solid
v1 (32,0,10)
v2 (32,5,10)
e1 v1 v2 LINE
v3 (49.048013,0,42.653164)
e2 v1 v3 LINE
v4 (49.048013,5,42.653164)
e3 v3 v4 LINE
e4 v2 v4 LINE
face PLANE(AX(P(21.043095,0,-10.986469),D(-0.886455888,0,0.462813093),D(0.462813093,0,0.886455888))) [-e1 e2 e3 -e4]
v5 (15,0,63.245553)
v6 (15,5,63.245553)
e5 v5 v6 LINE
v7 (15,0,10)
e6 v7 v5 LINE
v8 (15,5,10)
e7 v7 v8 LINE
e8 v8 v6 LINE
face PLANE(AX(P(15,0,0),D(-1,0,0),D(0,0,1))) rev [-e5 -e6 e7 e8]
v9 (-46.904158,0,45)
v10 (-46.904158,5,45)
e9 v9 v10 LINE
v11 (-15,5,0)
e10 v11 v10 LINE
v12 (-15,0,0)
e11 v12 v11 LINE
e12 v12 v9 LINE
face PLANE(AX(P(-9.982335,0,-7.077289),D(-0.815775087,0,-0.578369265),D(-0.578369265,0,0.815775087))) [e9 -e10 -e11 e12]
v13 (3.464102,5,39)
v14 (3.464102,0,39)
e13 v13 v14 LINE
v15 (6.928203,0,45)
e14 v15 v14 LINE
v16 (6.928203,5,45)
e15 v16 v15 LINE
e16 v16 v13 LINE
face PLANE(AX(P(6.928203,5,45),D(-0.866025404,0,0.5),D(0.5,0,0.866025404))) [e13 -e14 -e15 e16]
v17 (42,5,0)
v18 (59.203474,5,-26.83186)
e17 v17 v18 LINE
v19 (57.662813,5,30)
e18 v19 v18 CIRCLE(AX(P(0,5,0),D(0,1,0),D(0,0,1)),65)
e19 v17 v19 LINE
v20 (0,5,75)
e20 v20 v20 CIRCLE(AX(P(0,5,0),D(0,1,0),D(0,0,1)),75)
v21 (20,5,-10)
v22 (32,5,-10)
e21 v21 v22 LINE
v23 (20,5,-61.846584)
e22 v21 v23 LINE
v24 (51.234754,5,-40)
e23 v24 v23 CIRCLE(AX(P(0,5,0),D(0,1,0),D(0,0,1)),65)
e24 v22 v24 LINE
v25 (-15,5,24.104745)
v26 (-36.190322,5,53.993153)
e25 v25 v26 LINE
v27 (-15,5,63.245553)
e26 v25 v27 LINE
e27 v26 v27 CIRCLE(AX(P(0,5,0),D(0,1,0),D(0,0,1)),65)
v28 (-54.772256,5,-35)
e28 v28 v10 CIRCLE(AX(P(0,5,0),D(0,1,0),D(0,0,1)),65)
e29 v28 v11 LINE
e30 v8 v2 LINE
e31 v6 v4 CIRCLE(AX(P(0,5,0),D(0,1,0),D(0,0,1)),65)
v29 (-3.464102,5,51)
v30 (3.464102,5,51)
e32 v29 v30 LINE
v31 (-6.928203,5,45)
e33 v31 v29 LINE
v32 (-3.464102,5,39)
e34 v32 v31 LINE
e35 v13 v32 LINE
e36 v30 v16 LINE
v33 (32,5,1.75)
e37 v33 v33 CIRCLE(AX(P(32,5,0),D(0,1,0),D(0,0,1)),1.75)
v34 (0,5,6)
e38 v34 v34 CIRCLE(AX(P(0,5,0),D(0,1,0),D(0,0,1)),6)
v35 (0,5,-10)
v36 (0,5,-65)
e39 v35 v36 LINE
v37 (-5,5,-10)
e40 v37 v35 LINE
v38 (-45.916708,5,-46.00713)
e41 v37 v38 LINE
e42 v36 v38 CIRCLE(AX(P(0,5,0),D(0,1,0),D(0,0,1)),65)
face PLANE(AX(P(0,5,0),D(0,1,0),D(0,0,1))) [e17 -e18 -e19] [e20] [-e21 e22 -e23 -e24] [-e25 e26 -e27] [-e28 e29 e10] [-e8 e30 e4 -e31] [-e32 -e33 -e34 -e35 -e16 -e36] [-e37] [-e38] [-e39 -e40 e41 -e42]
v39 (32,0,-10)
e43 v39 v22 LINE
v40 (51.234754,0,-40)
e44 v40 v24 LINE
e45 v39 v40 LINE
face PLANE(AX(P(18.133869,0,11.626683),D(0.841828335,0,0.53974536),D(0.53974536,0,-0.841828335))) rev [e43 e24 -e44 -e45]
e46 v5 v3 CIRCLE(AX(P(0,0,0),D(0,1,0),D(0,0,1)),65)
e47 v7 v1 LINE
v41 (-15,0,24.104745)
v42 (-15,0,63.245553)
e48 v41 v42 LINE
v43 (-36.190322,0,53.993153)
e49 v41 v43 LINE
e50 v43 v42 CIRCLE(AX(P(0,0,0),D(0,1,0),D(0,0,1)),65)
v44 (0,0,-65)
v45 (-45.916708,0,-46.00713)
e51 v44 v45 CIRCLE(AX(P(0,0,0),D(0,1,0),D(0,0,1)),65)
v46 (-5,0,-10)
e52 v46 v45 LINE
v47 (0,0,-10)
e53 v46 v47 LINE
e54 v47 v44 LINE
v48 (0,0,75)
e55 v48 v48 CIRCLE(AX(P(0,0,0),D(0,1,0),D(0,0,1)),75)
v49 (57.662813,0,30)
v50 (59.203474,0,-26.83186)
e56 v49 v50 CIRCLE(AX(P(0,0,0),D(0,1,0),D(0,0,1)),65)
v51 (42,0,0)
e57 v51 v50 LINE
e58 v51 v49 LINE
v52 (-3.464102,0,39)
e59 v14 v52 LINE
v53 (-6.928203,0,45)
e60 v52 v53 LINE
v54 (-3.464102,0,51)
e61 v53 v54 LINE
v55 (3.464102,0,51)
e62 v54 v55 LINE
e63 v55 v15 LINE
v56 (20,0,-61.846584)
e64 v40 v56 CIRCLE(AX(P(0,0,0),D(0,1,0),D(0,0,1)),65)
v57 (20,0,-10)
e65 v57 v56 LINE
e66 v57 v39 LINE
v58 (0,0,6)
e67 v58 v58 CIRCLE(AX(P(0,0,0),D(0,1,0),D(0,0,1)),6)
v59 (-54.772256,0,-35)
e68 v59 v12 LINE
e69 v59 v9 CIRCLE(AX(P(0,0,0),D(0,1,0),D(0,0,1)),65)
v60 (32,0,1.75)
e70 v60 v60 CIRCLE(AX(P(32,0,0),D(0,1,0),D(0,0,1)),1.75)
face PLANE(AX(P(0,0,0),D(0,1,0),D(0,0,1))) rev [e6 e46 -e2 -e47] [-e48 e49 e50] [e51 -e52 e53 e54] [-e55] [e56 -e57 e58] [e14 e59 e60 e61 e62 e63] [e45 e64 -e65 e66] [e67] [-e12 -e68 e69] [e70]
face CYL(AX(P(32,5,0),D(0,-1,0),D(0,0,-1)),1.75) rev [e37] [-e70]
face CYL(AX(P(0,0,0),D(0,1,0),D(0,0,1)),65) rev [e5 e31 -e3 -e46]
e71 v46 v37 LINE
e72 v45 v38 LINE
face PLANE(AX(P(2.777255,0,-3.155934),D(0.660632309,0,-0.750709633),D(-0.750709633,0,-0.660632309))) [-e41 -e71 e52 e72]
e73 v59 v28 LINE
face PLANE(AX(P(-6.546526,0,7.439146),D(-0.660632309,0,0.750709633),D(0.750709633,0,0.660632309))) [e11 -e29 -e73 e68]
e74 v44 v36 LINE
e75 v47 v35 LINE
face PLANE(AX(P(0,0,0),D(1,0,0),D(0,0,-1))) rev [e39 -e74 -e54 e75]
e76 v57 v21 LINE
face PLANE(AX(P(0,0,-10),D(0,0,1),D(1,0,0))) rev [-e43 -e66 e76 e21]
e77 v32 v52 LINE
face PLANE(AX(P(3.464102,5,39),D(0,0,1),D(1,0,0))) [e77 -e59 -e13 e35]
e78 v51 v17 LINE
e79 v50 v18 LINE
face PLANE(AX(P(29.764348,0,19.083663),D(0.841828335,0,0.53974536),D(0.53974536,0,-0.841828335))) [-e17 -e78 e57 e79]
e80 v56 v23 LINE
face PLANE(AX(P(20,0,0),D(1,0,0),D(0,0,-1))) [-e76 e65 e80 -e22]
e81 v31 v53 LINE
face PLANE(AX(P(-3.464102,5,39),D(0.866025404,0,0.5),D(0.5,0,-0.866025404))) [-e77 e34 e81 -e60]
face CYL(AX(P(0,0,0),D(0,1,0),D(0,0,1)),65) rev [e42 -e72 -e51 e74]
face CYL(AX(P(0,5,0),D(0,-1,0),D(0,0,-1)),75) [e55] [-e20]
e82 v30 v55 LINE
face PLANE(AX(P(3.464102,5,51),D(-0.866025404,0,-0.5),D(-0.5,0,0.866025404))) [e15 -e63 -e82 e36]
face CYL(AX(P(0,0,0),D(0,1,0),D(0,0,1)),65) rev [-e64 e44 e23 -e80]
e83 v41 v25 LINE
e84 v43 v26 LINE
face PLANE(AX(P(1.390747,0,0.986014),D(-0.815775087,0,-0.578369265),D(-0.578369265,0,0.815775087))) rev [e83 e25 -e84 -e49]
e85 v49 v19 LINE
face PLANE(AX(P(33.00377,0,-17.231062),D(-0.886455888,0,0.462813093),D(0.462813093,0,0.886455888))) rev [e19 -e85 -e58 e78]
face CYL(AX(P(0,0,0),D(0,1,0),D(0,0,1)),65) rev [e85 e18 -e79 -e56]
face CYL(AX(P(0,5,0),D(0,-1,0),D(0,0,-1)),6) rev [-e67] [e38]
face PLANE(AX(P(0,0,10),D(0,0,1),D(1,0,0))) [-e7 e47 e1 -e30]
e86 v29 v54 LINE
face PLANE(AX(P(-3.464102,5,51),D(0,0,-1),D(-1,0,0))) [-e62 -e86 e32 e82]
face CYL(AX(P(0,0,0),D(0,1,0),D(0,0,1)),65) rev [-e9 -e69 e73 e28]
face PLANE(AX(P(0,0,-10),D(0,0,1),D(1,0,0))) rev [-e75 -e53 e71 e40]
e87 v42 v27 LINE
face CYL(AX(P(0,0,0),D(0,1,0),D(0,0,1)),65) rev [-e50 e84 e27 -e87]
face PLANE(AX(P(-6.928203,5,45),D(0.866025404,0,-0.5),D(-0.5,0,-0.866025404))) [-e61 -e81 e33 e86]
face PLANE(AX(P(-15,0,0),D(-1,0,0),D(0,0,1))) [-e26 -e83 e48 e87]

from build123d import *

# Parameters (mm, degrees)
SKETCH1_R           = 75
SKETCH1_R_2         = 1.75
SKETCH1_R_3         = 6
BOSS_EXTRUDE1_DEPTH = 5
CUT_EXTRUDE1_DEPTH  = 107.183802908


with BuildPart() as part:
    # Sketch1 → Boss-Extrude1 (new body)
    with BuildSketch(Plane(origin=(0, 0, 0), x_dir=(1, 0, 0), z_dir=(0, 1, 0))):
        Circle(SKETCH1_R)
        with Locations((32, 0)):
            Circle(SKETCH1_R_2, mode=Mode.SUBTRACT)
        Circle(SKETCH1_R_3, mode=Mode.SUBTRACT)
        Polygon((3.464101615, -51), (6.92820323, -45), (3.464101615, -39), (-3.464101615, -39), (-6.92820323, -45), (-3.464101615, -51), align=None, mode=Mode.SUBTRACT)
    extrude(amount=BOSS_EXTRUDE1_DEPTH)

    # Sketch2 → Cut-Extrude1 (cut, through all)
    with BuildSketch(Plane(origin=(0, 5, 0), x_dir=(1, 0, 0), z_dir=(0, 1, 0))):
        with BuildLine():
            Line((-45.916707554, 46.007129527), (-5, 10))
            Line((-5, 10), (0, 10))
            Line((0, 10), (0, 65))
            ThreePointArc((0, 65), (-24.844884591, 60.064396356), (-45.916707554, 46.007129527))
        make_face()
        with BuildLine():
            Line((-46.904157598, -45), (-15, 0))
            Line((-15, 0), (-54.772255751, 35))
            ThreePointArc((-54.772255751, 35), (-64.687891122, -6.362133458), (-46.904157598, -45))
        make_face()
        with BuildLine():
            Line((20, 61.846584384), (20, 10))
            Line((20, 10), (32, 10))
            Line((32, 10), (51.23475383, 40))
            ThreePointArc((51.23475383, 40), (37.254742659, 53.264285871), (20, 61.846584384))
        make_face()
        with BuildLine():
            Line((-15, -24.104744769), (-36.190322049, -53.993153177))
            ThreePointArc((-36.190322049, -53.993153177), (-26.00988263, -59.569169925), (-15, -63.245553203))
            Line((-15, -63.245553203), (-15, -24.104744769))
        make_face()
        with BuildLine():
            Line((32, -10), (15, -10))
            Line((15, -10), (15, -63.245553203))
            ThreePointArc((15, -63.245553203), (33.63849917, -55.618804137), (49.048013306, -42.653163901))
            Line((49.048013306, -42.653163901), (32, -10))
        make_face()
        with BuildLine():
            Line((59.203473805, 26.831859597), (42, 0))
            Line((42, 0), (57.662812973, -30))
            ThreePointArc((57.662812973, -30), (64.976128791, -1.761444678), (59.203473805, 26.831859597))
        make_face()
    extrude(amount=-CUT_EXTRUDE1_DEPTH, mode=Mode.SUBTRACT)


solid = part.part
